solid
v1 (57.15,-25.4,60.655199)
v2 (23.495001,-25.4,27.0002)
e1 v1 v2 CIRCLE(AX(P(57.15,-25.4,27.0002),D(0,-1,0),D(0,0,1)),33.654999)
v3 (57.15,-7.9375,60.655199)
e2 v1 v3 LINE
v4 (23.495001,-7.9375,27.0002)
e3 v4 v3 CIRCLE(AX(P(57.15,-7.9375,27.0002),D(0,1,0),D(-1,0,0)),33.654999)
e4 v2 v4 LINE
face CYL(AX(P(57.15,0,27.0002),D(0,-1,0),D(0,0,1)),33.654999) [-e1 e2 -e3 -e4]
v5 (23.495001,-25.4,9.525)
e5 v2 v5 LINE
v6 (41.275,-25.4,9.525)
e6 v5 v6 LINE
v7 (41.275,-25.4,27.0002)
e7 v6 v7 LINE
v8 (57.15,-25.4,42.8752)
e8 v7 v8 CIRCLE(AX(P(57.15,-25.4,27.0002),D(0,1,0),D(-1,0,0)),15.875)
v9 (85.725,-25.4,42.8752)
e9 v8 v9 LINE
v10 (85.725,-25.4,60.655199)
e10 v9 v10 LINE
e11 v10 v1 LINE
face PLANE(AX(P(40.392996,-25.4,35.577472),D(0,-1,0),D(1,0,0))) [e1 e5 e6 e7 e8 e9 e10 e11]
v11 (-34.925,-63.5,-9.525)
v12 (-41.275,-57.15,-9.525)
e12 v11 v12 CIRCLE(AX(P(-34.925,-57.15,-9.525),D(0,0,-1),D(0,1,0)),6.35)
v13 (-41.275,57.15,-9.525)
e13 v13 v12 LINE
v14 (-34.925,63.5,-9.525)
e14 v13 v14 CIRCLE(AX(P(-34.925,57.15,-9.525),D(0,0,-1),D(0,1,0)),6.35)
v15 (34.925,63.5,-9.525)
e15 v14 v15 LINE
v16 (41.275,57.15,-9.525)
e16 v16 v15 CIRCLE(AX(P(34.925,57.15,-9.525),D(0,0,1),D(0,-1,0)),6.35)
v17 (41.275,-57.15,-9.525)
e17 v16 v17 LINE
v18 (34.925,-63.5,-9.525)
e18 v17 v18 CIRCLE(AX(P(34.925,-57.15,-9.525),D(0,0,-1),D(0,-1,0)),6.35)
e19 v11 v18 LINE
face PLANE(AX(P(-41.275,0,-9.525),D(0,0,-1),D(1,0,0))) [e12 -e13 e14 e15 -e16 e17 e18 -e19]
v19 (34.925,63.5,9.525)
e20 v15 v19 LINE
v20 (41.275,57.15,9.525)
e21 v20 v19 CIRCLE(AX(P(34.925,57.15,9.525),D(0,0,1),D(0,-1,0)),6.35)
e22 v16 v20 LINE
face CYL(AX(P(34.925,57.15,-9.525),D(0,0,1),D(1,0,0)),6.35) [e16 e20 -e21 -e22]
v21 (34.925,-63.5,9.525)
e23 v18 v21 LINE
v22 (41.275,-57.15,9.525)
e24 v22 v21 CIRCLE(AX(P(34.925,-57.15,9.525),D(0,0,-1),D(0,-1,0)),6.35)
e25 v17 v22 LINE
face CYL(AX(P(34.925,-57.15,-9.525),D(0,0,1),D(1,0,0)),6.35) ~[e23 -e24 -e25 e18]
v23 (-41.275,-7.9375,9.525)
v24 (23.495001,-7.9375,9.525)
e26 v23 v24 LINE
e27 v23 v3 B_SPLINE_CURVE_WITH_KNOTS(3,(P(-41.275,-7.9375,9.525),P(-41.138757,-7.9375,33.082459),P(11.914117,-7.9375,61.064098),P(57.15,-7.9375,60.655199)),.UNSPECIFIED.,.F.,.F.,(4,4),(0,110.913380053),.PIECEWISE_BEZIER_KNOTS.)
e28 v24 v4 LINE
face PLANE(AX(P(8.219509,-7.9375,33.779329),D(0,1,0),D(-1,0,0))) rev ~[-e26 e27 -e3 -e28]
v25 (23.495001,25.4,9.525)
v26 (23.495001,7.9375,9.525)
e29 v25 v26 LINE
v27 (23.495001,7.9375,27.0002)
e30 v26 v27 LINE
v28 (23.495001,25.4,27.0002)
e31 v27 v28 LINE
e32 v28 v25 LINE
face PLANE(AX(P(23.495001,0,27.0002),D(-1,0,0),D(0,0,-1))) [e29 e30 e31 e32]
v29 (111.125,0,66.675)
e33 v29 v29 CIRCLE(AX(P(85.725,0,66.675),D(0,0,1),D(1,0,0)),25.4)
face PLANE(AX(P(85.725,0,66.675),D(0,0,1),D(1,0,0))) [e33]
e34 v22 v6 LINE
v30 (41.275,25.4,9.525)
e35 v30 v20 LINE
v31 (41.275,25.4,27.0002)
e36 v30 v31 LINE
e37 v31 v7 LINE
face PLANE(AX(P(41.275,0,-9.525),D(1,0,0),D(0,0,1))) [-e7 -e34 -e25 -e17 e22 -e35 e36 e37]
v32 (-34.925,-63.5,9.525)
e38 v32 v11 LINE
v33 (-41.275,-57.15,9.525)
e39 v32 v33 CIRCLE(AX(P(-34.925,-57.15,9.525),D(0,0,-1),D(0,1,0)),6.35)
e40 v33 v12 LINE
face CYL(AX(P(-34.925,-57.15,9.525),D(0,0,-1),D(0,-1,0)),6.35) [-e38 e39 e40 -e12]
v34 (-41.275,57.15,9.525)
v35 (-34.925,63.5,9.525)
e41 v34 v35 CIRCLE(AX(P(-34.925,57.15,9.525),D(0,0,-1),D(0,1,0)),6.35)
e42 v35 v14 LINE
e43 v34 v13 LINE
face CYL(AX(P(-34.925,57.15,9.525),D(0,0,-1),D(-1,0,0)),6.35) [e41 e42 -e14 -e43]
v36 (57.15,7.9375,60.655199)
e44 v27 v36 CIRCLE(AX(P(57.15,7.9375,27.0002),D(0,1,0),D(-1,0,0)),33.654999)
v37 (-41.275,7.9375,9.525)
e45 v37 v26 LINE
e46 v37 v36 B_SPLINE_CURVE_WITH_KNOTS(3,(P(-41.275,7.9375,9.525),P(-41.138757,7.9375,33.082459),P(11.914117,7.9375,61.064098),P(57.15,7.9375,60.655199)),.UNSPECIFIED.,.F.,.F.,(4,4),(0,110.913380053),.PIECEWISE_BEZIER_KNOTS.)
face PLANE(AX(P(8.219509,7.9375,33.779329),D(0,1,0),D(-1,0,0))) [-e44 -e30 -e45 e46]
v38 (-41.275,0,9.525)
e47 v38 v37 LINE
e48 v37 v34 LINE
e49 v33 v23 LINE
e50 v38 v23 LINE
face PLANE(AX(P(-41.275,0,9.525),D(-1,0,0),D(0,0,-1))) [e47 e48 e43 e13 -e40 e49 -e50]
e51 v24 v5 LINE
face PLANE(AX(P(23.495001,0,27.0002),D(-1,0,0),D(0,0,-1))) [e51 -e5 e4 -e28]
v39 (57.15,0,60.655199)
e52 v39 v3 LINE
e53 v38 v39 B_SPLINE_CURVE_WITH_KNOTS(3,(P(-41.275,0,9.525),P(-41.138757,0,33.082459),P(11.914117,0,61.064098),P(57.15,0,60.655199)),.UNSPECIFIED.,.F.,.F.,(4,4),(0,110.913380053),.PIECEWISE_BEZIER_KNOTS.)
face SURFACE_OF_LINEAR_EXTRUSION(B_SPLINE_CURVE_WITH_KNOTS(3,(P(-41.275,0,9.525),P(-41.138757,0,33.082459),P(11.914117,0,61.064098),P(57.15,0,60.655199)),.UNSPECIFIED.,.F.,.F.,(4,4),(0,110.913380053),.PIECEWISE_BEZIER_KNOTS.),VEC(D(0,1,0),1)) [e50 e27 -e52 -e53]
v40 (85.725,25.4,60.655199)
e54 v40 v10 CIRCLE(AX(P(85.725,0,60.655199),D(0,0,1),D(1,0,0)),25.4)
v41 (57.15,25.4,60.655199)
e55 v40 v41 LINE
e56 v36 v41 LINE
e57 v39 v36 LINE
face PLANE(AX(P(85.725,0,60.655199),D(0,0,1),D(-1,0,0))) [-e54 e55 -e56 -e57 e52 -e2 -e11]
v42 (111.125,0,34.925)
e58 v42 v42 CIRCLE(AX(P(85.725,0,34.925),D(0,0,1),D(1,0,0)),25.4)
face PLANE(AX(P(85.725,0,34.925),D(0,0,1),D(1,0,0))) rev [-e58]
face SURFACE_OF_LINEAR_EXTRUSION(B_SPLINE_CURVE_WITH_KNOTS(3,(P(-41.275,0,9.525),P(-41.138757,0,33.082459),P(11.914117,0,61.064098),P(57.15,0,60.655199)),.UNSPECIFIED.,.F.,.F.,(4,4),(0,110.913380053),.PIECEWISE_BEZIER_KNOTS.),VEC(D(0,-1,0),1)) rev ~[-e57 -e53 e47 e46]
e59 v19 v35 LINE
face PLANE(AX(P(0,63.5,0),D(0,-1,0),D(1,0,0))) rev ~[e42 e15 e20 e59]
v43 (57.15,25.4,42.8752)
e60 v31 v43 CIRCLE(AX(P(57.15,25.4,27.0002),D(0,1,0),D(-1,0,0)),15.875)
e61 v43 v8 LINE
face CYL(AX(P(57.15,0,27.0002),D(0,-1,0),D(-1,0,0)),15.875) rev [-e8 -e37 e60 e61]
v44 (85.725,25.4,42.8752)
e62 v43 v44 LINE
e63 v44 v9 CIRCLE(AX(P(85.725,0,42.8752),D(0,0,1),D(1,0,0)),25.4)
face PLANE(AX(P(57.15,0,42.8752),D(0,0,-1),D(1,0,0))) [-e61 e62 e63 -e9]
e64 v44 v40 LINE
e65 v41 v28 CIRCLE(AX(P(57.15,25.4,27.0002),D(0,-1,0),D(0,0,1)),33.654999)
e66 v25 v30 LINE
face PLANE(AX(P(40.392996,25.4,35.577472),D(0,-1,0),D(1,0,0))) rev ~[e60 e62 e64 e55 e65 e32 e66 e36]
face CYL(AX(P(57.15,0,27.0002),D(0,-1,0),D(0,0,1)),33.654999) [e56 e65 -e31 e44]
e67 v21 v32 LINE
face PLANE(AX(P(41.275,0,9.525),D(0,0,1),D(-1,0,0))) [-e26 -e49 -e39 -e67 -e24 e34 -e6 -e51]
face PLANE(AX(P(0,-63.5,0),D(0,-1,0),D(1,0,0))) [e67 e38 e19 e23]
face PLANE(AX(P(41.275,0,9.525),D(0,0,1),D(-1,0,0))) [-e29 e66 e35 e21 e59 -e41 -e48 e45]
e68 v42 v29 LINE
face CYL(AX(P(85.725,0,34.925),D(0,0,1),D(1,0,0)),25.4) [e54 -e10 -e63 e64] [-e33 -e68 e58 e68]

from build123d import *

# Parameters (mm, degrees)
F1_DEPTH = 63.5
F0_W     = 25.4
F0_H     = 17.7799989994
F2_DEPTH = 25.4
F3_DEPTH = 7.9375
F5_R     = 6.35


with BuildPart() as f1:
    # F0 (on Front) → F1 (new body, symmetric)
    with BuildSketch(Plane.XZ):
        Polygon((-41.275, 9.525), (-41.275, -9.525), (41.275, -9.525), (41.275, -7.9502), (41.275, 9.525), (23.4950010006, 9.525), align=None)
    extrude(amount=F1_DEPTH, both=True)

    # F0 (on Front) → F2 (join, symmetric)
    with BuildSketch(Plane.XZ):
        with BuildLine():
            Line((23.4950010006, 27.0002), (23.4950010006, 9.525))
            Line((23.4950010006, 9.525), (41.275, 9.525))
            Line((41.275, 9.525), (41.275, 27.0002))
            ThreePointArc((41.275, 27.0002), (45.9246798487, 38.2255201513), (57.15, 42.8752))
            Line((57.15, 42.8752), (60.325, 42.8752))
            Line((60.325, 42.8752), (60.325, 60.6551989994))
            Line((60.325, 60.6551989994), (57.15, 60.6551989994))
            ThreePointArc((57.15, 60.6551989994), (33.3523219867, 50.7978780133), (23.4950010006, 27.0002))
        make_face()
        with Locations((73.025, 51.7651994997)):
            Rectangle(F0_W, F0_H)
    extrude(amount=F2_DEPTH, both=True)

    # F0 (on Front) → F3 (join, symmetric)
    with BuildSketch(Plane.XZ):
        with BuildLine():
            add(Edge.make_bspline(
                [(-41.275, 9.525), (-41.1387570202, 33.0824591219), (11.9141172618, 61.0640980303), (57.15, 60.6551989994)],
                knots=[0, 0, 0, 0, 110.9133800527, 110.9133800527, 110.9133800527, 110.9133800527], degree=3))
            Line((-41.275, 9.525), (23.4950010006, 9.525))
            Line((23.4950010006, 9.525), (23.4950010006, 27.0002))
            ThreePointArc((23.4950010006, 27.0002), (33.3523219867, 50.7978780133), (57.15, 60.6551989994))
        make_face()
    extrude(amount=F3_DEPTH, both=True)

    # F0 (on Front) → F4 (revolve)
    with BuildSketch(Plane.XZ):
        Polygon((85.725, 66.675), (85.725, 60.6551989994), (85.725, 42.8752), (85.725, 34.925), (111.125, 34.925), (111.125, 66.675), align=None)
    revolve(axis=Axis((85.725, 0, 50.8), (0, 0, 1)))

    # F5
    f5_edges = [f1.edges().sort_by_distance(p)[0] for p in [
        (41.275, -63.5, 0),
        (-41.275, -63.5, 0),
        (41.275, 63.5, 0),
        (-41.275, 63.5, 0),
    ]]
    fillet(f5_edges, radius=F5_R)


solid = f1.part
